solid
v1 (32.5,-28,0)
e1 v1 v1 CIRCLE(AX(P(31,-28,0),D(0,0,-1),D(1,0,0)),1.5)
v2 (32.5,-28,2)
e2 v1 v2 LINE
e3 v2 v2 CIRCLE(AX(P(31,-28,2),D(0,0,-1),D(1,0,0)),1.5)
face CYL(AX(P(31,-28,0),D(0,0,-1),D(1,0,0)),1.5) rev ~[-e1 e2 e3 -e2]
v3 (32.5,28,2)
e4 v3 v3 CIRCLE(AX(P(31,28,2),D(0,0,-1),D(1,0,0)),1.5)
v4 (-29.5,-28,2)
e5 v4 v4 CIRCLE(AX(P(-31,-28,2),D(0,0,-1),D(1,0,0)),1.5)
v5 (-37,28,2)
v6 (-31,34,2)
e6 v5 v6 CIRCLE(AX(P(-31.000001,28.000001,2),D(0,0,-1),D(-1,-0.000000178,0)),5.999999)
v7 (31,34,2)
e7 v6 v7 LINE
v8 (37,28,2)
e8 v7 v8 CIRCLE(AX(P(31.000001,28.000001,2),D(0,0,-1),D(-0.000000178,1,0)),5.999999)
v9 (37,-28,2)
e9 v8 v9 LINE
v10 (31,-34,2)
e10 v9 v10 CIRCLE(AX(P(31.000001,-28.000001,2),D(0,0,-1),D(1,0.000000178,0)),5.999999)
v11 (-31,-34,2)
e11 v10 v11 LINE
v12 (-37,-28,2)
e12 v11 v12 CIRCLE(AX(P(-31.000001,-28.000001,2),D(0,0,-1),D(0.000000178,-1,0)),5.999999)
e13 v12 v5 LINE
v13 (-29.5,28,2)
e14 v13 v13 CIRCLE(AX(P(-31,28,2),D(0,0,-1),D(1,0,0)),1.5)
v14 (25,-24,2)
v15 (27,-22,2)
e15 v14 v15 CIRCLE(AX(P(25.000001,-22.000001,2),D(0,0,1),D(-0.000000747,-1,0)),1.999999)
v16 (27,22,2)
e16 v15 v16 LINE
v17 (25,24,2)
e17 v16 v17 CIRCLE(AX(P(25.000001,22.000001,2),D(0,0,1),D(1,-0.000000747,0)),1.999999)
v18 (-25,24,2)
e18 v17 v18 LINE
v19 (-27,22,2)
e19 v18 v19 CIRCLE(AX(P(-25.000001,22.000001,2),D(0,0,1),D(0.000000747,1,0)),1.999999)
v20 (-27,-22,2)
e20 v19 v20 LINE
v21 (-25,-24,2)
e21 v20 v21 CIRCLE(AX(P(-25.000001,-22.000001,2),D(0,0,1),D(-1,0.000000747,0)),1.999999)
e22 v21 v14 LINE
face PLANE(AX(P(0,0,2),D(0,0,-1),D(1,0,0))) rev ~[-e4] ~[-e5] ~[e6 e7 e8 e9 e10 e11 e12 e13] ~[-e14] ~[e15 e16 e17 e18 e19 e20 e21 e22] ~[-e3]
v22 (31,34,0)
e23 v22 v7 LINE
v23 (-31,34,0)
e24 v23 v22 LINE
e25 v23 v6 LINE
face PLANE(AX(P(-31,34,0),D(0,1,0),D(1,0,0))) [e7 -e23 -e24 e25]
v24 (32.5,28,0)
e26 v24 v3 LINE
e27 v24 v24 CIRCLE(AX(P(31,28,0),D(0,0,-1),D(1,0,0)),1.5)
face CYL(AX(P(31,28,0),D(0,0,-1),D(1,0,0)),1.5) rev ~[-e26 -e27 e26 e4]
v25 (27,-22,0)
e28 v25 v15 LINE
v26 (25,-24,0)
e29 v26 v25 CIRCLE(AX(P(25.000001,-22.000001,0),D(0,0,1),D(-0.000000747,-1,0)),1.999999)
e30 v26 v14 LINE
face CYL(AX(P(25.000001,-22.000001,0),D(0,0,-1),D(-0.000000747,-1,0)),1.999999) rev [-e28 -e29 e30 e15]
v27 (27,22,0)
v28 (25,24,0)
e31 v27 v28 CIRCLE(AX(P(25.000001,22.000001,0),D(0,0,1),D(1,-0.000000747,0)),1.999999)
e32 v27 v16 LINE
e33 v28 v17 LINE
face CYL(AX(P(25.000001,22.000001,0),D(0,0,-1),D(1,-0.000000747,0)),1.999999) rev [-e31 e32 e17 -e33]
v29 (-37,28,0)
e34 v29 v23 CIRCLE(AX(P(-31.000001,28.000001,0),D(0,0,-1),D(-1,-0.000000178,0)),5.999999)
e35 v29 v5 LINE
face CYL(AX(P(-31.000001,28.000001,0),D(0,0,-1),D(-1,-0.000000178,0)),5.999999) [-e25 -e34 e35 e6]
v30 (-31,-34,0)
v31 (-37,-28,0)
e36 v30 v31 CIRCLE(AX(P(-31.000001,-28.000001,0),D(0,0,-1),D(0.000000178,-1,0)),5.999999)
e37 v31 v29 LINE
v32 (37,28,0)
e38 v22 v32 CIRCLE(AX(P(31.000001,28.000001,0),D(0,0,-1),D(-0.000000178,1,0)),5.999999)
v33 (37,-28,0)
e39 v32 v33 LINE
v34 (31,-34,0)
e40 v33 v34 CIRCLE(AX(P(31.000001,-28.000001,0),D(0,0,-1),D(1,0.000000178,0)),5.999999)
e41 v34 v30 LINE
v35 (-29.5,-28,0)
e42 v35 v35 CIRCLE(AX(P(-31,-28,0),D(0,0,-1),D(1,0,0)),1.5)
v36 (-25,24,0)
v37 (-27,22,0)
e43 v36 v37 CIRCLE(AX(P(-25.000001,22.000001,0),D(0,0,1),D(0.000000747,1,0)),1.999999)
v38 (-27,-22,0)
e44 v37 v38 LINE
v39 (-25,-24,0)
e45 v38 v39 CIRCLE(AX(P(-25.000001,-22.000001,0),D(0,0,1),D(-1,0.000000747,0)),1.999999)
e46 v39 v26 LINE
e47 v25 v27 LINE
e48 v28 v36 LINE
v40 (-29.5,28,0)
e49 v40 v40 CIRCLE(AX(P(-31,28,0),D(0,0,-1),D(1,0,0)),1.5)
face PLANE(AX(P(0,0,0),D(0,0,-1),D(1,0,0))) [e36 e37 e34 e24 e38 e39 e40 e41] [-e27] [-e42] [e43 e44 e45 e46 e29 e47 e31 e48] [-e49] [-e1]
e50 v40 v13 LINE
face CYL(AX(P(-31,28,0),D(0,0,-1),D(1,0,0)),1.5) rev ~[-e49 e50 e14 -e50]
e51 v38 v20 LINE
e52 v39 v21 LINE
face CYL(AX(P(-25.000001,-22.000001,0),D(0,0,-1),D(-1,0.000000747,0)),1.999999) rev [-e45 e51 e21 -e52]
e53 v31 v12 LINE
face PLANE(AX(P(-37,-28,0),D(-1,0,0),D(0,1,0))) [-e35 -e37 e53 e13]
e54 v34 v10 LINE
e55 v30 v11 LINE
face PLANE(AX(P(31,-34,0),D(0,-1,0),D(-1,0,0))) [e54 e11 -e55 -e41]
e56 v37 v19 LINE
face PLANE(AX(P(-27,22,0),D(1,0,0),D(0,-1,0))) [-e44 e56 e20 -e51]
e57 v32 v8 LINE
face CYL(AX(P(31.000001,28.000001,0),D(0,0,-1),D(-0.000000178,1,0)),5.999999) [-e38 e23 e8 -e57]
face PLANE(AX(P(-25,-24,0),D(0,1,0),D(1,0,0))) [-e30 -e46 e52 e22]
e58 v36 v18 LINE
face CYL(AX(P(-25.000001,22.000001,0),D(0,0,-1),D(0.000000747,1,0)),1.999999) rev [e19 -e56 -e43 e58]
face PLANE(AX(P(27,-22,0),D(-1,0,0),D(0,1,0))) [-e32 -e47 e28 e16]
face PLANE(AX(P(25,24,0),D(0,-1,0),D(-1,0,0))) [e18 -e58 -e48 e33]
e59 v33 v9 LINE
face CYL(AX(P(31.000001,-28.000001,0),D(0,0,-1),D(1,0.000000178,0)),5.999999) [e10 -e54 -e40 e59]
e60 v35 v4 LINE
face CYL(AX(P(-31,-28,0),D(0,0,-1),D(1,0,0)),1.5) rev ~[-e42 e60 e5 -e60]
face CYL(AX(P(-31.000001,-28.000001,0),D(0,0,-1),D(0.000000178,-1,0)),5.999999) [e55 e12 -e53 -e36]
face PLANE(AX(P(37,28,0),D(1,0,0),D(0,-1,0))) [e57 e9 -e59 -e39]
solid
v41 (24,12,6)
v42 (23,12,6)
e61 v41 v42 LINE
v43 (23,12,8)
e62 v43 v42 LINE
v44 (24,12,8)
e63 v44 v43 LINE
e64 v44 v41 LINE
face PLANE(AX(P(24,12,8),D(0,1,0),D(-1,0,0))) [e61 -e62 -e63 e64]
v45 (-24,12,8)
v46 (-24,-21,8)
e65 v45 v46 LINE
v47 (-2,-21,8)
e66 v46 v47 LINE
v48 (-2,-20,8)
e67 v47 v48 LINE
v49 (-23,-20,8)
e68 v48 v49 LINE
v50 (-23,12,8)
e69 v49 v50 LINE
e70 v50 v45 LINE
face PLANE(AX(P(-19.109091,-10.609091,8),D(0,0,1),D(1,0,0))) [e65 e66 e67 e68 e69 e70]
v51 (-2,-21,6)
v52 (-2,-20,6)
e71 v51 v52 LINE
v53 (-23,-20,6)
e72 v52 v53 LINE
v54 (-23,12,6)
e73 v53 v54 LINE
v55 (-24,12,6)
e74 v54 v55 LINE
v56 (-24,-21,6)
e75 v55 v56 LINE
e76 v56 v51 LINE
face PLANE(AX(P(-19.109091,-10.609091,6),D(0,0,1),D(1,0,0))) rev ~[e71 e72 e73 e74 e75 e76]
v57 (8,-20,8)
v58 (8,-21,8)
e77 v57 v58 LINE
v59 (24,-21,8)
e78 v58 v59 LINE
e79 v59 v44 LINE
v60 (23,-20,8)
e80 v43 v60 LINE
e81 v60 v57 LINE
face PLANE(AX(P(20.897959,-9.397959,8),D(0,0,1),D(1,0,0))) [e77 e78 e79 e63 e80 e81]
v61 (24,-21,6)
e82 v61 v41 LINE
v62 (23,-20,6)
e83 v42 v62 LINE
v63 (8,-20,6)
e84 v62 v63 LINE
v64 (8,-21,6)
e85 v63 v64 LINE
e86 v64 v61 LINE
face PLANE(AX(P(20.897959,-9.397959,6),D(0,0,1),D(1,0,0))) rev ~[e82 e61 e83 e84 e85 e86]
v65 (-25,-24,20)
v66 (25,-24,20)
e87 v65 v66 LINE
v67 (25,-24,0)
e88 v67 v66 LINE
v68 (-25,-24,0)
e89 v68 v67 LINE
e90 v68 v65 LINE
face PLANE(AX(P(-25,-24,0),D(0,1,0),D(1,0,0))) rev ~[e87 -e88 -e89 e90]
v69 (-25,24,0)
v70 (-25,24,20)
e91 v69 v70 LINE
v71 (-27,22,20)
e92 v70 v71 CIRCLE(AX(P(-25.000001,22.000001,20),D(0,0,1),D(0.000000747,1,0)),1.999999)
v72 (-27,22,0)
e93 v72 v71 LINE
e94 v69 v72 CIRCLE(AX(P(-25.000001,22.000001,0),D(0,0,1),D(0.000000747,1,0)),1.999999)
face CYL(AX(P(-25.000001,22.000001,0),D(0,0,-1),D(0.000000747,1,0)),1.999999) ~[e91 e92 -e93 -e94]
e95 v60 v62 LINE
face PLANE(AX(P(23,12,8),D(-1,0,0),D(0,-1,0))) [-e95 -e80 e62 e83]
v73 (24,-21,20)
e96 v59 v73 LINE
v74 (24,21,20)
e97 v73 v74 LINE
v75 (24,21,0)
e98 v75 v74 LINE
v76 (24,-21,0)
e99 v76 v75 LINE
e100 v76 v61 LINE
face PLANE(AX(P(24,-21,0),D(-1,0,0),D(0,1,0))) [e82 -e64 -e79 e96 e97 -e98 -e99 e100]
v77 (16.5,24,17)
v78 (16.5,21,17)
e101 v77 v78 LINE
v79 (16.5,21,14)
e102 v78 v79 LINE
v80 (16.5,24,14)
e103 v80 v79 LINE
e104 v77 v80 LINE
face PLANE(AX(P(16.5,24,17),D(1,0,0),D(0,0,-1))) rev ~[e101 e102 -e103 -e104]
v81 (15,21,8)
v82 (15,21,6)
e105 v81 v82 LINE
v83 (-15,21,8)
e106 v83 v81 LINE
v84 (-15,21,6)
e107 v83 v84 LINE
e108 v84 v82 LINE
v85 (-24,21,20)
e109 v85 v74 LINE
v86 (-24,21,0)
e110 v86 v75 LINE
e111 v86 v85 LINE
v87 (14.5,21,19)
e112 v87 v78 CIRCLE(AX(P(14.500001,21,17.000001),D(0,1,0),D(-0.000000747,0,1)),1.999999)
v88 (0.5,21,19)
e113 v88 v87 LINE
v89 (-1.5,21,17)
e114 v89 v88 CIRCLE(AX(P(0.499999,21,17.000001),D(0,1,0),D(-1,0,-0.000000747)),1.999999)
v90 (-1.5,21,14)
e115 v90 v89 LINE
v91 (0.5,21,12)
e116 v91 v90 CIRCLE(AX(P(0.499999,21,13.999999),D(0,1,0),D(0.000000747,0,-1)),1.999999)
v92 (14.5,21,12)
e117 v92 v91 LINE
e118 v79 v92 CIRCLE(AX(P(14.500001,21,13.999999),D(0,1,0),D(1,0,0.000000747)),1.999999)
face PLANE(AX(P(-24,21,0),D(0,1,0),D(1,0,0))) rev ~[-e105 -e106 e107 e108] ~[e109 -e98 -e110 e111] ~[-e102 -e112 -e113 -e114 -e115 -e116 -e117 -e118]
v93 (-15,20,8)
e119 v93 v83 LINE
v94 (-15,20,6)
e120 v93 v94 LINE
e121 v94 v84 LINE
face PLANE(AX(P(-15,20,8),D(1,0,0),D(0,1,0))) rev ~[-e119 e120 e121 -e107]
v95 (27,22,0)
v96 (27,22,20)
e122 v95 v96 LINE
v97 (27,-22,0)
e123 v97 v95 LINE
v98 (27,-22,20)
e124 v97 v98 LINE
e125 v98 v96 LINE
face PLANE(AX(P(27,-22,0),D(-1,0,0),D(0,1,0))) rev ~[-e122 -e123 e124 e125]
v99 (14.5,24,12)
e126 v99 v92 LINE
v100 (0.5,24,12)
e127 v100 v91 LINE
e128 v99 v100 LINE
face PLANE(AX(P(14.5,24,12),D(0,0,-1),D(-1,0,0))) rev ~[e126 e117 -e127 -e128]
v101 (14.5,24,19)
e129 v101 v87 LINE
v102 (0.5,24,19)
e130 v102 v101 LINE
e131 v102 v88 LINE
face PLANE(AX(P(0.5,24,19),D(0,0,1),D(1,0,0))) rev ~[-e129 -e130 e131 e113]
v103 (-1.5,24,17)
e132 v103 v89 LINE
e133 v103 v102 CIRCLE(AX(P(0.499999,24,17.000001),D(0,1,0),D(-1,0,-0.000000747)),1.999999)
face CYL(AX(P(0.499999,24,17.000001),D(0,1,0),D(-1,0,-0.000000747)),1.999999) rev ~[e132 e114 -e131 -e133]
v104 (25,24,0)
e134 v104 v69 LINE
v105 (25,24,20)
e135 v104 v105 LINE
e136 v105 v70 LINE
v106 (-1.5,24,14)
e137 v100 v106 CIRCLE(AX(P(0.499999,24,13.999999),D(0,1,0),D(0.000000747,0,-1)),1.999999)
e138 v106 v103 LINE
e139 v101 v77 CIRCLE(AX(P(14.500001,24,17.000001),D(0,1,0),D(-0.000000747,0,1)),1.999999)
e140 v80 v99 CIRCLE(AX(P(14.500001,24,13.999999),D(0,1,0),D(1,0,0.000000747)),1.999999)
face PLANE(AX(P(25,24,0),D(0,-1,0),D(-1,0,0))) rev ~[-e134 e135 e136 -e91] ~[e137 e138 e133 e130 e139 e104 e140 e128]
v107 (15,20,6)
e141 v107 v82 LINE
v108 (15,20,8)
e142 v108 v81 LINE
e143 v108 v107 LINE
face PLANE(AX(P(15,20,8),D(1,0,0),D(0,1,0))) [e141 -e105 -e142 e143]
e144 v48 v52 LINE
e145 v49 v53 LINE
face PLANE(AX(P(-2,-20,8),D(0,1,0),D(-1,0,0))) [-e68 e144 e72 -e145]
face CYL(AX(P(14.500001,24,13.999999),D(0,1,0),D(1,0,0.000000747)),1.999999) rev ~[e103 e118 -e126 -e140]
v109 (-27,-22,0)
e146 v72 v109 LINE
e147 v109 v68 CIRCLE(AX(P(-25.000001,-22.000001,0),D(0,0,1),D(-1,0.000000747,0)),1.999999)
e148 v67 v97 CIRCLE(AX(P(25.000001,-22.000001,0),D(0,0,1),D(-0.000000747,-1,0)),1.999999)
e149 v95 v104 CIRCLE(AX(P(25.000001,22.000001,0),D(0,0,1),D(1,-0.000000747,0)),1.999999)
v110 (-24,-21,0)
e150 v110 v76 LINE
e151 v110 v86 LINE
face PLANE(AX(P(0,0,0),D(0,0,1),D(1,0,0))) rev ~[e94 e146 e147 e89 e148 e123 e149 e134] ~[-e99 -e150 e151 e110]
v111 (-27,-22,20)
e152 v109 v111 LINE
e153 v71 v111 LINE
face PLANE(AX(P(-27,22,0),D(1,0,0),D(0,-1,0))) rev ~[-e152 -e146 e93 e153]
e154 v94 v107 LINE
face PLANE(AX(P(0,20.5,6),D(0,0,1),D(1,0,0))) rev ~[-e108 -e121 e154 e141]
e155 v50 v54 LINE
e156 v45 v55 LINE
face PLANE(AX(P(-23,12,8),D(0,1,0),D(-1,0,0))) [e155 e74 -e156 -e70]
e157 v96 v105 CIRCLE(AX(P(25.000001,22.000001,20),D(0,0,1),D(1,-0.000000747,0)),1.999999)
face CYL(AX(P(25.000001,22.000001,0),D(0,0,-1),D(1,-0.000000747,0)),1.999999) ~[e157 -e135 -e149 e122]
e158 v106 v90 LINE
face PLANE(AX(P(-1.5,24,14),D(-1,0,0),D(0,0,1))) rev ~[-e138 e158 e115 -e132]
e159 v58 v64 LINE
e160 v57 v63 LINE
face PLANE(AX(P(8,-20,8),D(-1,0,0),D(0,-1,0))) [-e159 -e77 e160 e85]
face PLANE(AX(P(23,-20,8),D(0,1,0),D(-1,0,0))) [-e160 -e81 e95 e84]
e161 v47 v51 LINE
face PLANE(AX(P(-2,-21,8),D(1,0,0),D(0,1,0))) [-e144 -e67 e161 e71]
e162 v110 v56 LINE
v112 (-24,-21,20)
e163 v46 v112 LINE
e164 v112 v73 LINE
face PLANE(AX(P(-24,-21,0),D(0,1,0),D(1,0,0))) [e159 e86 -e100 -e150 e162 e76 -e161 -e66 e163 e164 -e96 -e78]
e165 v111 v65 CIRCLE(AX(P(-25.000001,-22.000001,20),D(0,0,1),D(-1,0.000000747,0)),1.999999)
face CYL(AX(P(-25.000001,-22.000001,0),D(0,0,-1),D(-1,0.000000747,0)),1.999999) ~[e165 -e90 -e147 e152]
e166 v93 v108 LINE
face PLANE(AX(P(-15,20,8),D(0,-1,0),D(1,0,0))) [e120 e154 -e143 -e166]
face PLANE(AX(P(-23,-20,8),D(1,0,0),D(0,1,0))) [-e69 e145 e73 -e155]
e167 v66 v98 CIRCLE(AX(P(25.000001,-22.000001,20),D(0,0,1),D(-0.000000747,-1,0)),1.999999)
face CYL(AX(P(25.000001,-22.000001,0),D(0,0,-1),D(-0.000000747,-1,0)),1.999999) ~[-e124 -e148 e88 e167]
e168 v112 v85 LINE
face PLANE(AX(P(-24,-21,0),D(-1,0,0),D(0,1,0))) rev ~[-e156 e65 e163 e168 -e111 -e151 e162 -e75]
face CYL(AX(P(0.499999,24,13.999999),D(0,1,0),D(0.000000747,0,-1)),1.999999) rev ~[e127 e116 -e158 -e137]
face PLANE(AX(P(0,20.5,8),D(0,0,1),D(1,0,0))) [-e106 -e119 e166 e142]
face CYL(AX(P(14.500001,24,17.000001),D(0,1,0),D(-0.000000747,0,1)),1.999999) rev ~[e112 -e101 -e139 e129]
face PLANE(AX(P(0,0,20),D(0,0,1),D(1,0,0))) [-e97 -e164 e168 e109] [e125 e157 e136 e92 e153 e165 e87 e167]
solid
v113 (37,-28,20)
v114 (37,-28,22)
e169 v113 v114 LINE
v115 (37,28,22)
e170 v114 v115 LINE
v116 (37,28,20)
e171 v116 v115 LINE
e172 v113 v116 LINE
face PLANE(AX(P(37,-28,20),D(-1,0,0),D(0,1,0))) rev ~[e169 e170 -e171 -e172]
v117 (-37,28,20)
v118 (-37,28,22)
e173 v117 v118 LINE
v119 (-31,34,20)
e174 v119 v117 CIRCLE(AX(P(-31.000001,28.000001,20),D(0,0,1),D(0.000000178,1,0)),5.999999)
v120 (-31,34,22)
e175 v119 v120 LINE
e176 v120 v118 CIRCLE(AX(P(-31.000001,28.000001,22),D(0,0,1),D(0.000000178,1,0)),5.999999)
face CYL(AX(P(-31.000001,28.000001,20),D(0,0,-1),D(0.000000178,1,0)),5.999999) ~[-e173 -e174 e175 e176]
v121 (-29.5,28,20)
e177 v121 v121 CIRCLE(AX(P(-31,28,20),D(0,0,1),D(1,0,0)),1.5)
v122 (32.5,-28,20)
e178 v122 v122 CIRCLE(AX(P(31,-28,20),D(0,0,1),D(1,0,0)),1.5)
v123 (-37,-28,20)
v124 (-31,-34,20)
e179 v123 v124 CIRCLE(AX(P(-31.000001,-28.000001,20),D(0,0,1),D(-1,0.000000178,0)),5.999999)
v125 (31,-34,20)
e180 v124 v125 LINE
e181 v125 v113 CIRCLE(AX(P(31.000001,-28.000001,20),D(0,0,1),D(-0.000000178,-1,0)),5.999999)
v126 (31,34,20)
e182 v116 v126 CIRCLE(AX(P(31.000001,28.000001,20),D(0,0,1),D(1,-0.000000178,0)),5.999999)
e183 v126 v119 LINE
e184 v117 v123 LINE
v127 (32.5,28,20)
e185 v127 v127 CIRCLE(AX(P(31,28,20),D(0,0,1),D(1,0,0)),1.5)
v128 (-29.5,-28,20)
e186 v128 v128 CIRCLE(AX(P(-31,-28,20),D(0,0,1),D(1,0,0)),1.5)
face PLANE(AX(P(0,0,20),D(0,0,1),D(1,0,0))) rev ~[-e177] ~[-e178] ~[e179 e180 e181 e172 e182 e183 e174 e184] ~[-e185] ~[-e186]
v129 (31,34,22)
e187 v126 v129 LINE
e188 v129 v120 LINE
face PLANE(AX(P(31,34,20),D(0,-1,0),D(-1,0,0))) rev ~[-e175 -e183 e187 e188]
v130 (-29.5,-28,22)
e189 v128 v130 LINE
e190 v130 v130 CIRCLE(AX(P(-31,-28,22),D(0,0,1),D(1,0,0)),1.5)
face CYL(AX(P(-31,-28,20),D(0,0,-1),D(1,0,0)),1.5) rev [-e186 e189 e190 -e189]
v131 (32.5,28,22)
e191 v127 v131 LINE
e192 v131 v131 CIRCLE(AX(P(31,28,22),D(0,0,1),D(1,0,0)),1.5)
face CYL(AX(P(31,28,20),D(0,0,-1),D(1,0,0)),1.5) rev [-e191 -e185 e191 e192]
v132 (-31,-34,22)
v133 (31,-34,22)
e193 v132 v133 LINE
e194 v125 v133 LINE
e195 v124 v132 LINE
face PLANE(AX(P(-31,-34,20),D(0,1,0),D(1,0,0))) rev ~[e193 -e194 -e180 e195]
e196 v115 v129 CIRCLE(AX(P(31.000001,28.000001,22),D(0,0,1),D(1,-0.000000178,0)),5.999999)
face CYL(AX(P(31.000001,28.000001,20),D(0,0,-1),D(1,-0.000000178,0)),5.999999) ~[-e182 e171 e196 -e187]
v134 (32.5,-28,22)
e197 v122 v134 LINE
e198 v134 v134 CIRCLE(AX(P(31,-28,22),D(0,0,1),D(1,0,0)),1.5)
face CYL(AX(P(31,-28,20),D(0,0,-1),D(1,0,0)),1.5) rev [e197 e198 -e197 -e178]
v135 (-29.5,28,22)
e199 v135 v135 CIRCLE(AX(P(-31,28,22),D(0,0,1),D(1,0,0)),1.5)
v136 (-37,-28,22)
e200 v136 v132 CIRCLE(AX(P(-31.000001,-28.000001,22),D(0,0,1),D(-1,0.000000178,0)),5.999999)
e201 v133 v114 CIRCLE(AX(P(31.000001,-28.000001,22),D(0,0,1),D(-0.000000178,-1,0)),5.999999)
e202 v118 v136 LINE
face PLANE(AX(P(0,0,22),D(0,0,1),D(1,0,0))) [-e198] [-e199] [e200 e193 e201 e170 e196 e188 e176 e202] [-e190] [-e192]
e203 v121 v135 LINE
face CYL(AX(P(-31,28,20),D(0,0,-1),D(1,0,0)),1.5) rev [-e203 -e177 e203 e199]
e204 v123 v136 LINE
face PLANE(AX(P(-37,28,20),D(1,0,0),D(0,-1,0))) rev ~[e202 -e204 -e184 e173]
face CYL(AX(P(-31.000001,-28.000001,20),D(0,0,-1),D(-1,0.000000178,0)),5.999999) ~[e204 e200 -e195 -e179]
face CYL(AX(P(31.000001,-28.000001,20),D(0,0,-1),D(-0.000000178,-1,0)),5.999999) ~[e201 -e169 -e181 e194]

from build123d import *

# Parameters (mm, degrees)
F0_W      = 48
F0_H      = 42
F1_DEPTH  = 20
F3_DEPTH  = 25
F5_W      = 30
F5_H      = 1
F6_DEPTH  = 2
F7_R      = 1.5
F8_DEPTH  = 2
F9_R      = 1.5
F10_DEPTH = 2


with BuildPart() as f1:
    # F0 (on Top) → F1 (new body)
    with BuildSketch(Plane.XY):
        with BuildLine():
            ThreePointArc((-25, 24), (-26.414214, 23.414214), (-27, 22))
            Line((-27, 22), (-27, -22))
            ThreePointArc((-27, -22), (-26.414214, -23.414214), (-25, -24))
            Line((-25, -24), (25, -24))
            ThreePointArc((25, -24), (26.414214, -23.414214), (27, -22))
            Line((27, -22), (27, 22))
            ThreePointArc((27, 22), (26.414214, 23.414214), (25, 24))
            Line((25, 24), (-25, 24))
        make_face()
        Rectangle(F0_W, F0_H, mode=Mode.SUBTRACT)
    extrude(amount=F1_DEPTH)

    # F2 (on face) → F3 (cut)
    with BuildSketch(Plane(origin=(0, 24, 0), x_dir=(-1, 0, 0), z_dir=(0, 1, 0))):
        with BuildLine():
            ThreePointArc((-16.5, 14), (-15.914214, 12.585786), (-14.5, 12))
            Line((-14.5, 12), (-0.5, 12))
            ThreePointArc((-0.5, 12), (0.914214, 12.585786), (1.5, 14))
            Line((1.5, 14), (1.5, 17))
            ThreePointArc((1.5, 17), (0.914214, 18.414214), (-0.5, 19))
            Line((-0.5, 19), (-14.5, 19))
            ThreePointArc((-14.5, 19), (-15.914214, 18.414214), (-16.5, 17))
            Line((-16.5, 17), (-16.5, 14))
        make_face()
    extrude(amount=-F3_DEPTH, mode=Mode.SUBTRACT)

    # F5 (on offset) → F6 (join)
    with BuildSketch(Plane.XY.offset(8)):
        Polygon((24, -21), (24, 12), (23, 12), (23, -20), (8, -20), (8, -21), align=None)
        with Locations((0, 20.5)):
            Rectangle(F5_W, F5_H)
        Polygon((-23, 12), (-24, 12), (-24, -21), (-2, -21), (-2, -20), (-23, -20), align=None)
    extrude(amount=-F6_DEPTH)


with BuildPart() as f8:
    # F7 (on face) → F8 (new body)
    with BuildSketch(Plane.XY.offset(20)):
        with BuildLine():
            ThreePointArc((37, 28), (35.242641, 32.242641), (31, 34))
            Line((31, 34), (-31, 34))
            ThreePointArc((-31, 34), (-35.242641, 32.242641), (-37, 28))
            Line((-37, 28), (-37, -28))
            ThreePointArc((-37, -28), (-35.242641, -32.242641), (-31, -34))
            Line((-31, -34), (31, -34))
            ThreePointArc((31, -34), (35.242641, -32.242641), (37, -28))
            Line((37, -28), (37, 28))
        make_face()
        with Locations((-31, -28)):
            Circle(F7_R, mode=Mode.SUBTRACT)
        with Locations((31, -28)):
            Circle(F7_R, mode=Mode.SUBTRACT)
        with Locations((-31, 28)):
            Circle(F7_R, mode=Mode.SUBTRACT)
        with Locations((31, 28)):
            Circle(F7_R, mode=Mode.SUBTRACT)
    extrude(amount=F8_DEPTH)


with BuildPart() as f10:
    # F9 (on face) → F10 (new body)
    with BuildSketch(Plane(origin=(0, 0, 0), x_dir=(1, 0, 0), z_dir=(0, 0, -1))):
        with BuildLine():
            Line((-31, -34), (31, -34))
            ThreePointArc((31, -34), (35.242641, -32.242641), (37, -28))
            Line((37, -28), (37, 28))
            ThreePointArc((37, 28), (35.242641, 32.242641), (31, 34))
            Line((31, 34), (-31, 34))
            ThreePointArc((-31, 34), (-35.242641, 32.242641), (-37, 28))
            Line((-37, 28), (-37, -28))
            ThreePointArc((-37, -28), (-35.242641, -32.242641), (-31, -34))
        make_face()
        with Locations((-31, -28)):
            Circle(F9_R, mode=Mode.SUBTRACT)
        with Locations((31, -28)):
            Circle(F9_R, mode=Mode.SUBTRACT)
        with Locations((-31, 28)):
            Circle(F9_R, mode=Mode.SUBTRACT)
        with BuildLine():
            Line((27, 22), (27, -22))
            ThreePointArc((27, -22), (26.414214, -23.414214), (25, -24))
            Line((25, -24), (-25, -24))
            ThreePointArc((-25, -24), (-26.414214, -23.414214), (-27, -22))
            Line((-27, -22), (-27, 22))
            ThreePointArc((-27, 22), (-26.414214, 23.414214), (-25, 24))
            Line((-25, 24), (25, 24))
            ThreePointArc((25, 24), (26.414214, 23.414214), (27, 22))
        make_face(mode=Mode.SUBTRACT)
        with Locations((31, 28)):
            Circle(F9_R, mode=Mode.SUBTRACT)
    extrude(amount=-F10_DEPTH)


solid = Compound([f1.part, f8.part, f10.part])
